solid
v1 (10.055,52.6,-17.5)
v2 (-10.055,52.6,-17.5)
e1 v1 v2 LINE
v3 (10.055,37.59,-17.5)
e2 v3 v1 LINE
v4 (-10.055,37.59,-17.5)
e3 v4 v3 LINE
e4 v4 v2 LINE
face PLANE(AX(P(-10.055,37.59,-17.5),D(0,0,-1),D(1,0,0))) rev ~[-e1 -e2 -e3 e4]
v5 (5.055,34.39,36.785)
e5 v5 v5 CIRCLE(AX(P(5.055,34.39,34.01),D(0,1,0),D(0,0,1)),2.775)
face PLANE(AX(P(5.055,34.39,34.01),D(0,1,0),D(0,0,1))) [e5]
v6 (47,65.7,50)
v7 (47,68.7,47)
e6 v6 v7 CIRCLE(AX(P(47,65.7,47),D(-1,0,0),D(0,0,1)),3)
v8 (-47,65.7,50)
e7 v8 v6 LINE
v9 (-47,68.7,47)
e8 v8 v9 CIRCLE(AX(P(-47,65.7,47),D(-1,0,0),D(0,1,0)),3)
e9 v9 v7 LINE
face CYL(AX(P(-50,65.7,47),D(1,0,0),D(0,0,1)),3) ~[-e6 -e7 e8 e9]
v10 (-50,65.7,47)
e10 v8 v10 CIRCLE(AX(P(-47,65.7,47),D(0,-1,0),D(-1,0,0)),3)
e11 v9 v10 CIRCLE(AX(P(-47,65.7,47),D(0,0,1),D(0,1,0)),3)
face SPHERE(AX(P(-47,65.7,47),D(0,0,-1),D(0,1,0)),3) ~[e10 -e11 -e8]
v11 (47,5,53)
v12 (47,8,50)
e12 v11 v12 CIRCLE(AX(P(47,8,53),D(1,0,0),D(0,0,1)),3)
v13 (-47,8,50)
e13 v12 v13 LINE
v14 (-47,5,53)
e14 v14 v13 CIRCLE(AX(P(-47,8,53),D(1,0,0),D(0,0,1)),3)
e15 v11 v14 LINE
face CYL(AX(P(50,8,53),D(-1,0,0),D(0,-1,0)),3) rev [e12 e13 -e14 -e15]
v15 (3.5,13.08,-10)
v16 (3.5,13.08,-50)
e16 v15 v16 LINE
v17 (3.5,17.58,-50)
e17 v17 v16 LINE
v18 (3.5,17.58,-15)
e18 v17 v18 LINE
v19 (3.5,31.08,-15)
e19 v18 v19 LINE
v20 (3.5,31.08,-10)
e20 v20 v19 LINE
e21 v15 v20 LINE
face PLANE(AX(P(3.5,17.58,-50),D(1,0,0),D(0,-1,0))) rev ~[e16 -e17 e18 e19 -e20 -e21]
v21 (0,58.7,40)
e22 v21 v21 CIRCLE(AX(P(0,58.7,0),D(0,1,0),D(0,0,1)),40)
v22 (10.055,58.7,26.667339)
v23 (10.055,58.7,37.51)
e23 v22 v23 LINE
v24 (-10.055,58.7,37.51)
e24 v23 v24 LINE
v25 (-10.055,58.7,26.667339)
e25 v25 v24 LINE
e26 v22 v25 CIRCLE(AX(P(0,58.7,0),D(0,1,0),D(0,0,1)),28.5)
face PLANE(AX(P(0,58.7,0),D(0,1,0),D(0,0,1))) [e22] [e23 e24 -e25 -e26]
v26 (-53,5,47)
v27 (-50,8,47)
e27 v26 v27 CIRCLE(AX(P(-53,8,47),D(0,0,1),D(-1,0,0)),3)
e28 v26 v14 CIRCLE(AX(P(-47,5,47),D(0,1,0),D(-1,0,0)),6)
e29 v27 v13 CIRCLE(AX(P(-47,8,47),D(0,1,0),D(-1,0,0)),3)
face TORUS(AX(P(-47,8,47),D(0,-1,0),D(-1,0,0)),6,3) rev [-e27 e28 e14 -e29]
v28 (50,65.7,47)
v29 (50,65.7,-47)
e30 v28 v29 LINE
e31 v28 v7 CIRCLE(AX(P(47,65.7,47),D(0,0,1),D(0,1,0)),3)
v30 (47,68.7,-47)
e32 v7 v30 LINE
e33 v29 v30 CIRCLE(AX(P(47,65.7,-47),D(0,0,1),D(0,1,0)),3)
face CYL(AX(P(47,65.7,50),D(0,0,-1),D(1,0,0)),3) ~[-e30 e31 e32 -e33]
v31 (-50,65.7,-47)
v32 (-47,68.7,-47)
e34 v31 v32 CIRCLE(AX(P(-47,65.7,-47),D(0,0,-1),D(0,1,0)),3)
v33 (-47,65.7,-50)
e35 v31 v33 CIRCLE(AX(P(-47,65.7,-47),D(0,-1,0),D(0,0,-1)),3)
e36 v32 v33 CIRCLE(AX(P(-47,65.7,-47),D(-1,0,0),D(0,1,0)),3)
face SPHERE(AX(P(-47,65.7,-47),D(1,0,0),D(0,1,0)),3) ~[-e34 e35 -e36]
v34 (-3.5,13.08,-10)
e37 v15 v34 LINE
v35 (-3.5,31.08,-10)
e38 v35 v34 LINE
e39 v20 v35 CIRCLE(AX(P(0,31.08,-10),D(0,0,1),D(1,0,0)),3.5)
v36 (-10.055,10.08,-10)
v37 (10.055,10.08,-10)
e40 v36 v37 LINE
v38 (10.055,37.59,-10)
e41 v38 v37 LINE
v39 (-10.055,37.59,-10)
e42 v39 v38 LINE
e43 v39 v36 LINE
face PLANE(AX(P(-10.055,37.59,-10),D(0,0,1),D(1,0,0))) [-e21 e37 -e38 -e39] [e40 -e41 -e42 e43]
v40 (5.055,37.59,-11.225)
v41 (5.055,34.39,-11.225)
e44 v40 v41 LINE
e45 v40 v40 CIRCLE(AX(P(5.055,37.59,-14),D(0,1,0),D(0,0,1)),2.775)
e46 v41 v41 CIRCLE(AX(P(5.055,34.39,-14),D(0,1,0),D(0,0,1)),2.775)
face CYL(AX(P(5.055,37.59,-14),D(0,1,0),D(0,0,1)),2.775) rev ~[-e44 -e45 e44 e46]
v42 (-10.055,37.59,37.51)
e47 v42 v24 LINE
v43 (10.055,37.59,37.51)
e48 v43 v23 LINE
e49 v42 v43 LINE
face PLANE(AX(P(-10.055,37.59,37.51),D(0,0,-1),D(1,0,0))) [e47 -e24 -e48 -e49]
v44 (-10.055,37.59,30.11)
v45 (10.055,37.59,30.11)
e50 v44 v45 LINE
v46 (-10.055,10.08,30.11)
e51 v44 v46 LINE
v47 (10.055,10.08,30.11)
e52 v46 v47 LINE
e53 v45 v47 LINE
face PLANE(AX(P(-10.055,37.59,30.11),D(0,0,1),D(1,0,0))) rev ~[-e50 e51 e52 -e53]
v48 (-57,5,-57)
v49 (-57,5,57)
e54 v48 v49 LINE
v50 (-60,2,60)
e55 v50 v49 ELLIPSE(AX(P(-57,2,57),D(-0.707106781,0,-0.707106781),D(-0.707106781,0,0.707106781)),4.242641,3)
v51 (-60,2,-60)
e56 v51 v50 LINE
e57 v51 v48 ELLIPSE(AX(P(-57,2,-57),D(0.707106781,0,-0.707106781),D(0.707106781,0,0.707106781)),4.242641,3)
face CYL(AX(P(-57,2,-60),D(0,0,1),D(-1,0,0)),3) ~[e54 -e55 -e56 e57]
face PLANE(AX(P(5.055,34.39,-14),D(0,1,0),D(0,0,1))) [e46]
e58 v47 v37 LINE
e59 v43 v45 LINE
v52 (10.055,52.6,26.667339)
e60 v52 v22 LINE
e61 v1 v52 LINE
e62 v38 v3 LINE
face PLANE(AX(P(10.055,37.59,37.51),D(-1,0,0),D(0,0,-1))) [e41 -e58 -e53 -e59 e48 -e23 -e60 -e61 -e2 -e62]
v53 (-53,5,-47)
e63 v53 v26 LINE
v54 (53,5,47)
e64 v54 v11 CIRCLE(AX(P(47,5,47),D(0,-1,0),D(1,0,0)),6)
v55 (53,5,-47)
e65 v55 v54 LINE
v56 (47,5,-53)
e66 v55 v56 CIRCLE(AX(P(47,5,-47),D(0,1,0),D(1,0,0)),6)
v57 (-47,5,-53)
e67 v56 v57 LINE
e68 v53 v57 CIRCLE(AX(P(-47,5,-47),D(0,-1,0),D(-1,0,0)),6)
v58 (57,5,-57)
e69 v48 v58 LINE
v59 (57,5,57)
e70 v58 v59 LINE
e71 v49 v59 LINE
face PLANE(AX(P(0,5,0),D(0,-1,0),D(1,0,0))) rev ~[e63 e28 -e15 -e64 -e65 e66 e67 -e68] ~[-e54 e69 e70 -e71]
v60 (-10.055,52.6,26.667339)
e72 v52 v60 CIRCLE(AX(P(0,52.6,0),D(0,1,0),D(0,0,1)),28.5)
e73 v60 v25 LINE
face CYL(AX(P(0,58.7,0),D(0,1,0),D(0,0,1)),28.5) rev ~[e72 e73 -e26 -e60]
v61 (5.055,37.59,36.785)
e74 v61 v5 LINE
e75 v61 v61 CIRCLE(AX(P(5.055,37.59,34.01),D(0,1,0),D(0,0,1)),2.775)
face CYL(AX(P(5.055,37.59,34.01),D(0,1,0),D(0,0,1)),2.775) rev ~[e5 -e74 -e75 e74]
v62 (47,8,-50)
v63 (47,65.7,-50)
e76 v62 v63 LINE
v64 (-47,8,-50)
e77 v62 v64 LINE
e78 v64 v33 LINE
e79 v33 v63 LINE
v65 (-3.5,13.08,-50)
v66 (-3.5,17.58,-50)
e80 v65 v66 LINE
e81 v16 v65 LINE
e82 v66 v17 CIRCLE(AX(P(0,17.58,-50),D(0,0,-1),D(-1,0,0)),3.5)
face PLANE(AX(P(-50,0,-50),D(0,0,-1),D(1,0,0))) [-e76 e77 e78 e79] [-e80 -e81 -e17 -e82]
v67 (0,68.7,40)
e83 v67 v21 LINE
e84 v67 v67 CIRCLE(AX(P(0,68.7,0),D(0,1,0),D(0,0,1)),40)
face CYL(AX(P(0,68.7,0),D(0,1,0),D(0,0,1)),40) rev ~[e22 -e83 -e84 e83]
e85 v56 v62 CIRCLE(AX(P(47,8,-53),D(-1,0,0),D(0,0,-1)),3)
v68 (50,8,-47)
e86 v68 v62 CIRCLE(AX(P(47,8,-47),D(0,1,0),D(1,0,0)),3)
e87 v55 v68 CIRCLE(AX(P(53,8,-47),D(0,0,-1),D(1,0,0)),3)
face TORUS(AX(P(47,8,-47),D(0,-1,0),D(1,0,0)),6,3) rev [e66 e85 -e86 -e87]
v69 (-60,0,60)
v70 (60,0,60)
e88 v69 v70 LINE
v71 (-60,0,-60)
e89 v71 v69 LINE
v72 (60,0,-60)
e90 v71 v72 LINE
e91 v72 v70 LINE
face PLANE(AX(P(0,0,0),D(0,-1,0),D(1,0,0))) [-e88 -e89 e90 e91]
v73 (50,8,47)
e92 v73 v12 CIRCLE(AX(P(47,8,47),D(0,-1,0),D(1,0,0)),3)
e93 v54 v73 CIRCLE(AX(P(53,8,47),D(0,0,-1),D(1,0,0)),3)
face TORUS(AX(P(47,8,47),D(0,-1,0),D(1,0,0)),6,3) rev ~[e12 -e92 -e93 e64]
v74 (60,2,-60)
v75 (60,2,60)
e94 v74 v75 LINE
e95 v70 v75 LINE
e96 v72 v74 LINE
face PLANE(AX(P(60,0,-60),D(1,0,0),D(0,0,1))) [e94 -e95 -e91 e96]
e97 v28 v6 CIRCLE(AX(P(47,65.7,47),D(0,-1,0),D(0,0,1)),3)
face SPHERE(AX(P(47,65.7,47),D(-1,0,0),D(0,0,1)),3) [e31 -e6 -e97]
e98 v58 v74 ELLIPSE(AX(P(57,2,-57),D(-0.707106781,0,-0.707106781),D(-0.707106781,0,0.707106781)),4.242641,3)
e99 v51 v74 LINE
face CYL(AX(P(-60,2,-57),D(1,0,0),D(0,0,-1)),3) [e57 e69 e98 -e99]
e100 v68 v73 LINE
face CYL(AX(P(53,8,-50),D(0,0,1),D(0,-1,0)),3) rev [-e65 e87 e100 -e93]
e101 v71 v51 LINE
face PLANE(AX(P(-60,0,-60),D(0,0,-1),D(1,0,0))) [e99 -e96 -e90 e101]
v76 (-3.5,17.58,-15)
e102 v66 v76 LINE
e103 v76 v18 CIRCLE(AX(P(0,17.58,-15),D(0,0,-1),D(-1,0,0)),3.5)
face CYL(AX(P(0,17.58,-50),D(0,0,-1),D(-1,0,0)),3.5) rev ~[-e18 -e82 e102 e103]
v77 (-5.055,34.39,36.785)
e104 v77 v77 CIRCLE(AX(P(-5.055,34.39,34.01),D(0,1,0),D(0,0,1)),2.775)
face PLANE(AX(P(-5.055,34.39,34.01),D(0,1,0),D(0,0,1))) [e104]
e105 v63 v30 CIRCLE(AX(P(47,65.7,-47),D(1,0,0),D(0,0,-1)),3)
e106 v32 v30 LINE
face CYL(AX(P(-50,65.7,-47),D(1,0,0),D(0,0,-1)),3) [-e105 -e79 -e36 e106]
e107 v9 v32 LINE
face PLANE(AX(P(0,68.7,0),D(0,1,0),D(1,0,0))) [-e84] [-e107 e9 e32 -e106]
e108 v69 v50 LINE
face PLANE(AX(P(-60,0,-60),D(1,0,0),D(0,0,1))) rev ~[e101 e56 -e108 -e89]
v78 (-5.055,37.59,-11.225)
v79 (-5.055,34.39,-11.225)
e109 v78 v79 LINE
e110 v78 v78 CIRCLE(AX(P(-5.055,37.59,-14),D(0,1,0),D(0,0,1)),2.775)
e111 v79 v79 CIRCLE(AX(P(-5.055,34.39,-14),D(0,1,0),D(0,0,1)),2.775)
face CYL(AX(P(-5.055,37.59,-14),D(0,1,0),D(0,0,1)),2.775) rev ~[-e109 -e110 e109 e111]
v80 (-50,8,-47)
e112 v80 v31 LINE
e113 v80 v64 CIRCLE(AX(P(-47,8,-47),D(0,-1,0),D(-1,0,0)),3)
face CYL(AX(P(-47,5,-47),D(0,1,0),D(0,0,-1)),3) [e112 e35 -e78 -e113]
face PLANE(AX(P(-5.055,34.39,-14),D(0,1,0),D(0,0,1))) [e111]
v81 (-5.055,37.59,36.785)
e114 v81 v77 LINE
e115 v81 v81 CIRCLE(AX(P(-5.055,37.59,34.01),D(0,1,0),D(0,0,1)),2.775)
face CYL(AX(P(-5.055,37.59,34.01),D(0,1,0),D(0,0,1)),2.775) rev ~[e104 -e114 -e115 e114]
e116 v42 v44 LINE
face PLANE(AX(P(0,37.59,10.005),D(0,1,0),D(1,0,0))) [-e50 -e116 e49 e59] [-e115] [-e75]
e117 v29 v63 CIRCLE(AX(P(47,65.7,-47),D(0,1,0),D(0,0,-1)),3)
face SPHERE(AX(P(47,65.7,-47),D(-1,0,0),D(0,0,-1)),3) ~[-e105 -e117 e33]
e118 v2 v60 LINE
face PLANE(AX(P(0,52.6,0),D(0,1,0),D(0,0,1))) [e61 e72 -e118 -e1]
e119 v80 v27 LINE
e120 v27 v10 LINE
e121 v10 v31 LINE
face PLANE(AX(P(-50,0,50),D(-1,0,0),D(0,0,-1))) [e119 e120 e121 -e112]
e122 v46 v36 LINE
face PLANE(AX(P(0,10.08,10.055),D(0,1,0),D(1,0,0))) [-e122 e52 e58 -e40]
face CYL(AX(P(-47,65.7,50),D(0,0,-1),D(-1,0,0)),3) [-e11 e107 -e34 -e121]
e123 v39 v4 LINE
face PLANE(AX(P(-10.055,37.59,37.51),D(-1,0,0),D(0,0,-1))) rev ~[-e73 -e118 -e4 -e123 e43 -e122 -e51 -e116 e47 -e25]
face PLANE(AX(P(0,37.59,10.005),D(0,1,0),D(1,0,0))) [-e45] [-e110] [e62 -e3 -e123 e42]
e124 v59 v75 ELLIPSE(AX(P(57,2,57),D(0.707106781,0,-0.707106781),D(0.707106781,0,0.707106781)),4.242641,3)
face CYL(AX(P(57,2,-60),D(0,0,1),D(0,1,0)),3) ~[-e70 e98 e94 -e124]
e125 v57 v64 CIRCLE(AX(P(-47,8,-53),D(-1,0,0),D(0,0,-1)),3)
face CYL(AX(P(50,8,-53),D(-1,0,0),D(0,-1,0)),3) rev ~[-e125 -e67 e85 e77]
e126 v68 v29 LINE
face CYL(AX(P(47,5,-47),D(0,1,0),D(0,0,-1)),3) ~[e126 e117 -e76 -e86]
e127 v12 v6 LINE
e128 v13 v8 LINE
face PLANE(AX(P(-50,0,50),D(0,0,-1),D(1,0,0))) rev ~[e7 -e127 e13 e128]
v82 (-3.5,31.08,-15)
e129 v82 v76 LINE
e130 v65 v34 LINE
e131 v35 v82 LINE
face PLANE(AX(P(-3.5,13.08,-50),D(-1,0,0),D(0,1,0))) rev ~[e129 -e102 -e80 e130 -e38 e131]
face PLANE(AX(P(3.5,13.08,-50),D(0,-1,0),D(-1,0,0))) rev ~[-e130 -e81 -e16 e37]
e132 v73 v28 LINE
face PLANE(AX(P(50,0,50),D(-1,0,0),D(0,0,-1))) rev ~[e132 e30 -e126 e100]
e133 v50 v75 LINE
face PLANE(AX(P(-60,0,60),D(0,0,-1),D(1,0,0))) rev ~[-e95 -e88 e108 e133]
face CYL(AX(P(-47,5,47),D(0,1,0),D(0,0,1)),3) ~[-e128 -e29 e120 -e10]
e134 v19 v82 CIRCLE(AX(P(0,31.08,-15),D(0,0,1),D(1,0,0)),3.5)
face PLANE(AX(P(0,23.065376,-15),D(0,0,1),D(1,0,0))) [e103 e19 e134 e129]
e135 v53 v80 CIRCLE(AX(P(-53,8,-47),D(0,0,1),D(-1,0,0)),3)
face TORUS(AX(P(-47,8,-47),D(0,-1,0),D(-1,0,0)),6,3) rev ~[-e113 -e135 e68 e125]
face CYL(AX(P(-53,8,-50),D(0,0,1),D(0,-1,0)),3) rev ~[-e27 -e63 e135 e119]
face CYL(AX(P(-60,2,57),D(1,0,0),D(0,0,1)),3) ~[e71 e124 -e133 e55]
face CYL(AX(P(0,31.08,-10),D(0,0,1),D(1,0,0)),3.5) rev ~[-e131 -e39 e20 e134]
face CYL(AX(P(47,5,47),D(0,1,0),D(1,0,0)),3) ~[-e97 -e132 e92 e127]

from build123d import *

# Parameters (mm, degrees)
SKETCH1_W               = 100
SKETCH1_H               = 100
BOSS_EXTRUDE1_DEPTH     = 68.7
SKETCH2_R               = 40
CUT_EXTRUDE1_DEPTH      = 10
SKETCH3_R               = 28.5
CUT_EXTRUDE2_DEPTH      = 6.1
CUT_EXTRUDE3_DEPTH      = 89.129223303
CUT_EXTRUDE3_DEPTH_BACK = 15.01
SKETCH4_W               = 20.11
SKETCH4_H               = 55.01
SKETCH5_W               = 20.11
SKETCH5_H               = 40.11
CUT_EXTRUDE4_DEPTH      = 27.51
CUT_EXTRUDE5_REACH      = 133.224
SKETCH7_R               = 2.775
CUT_EXTRUDE6_DEPTH      = 3.2
CUT_EXTRUDE7_DEPTH      = 5
SKETCH9_W               = 120
SKETCH9_H               = 120
BOSS_EXTRUDE2_DEPTH     = 5
FILLET2_R               = 3


with BuildPart() as part:
    # Sketch1 → Boss-Extrude1 (new body)
    with BuildSketch(Plane(origin=(0, 0, 0), x_dir=(1, 0, 0), z_dir=(0, 1, 0))):
        Rectangle(SKETCH1_W, SKETCH1_H)
    extrude(amount=BOSS_EXTRUDE1_DEPTH)

    # Sketch2 → Cut-Extrude1 (cut)
    with BuildSketch(Plane(origin=(0, 68.7, 0), x_dir=(1, 0, 0), z_dir=(0, 1, 0))):
        with Locations(Location((0, 0, 0), (0, 0, 270))):
            Circle(SKETCH2_R)
    extrude(amount=-CUT_EXTRUDE1_DEPTH, mode=Mode.SUBTRACT)

    # Sketch3 → Cut-Extrude2 (cut)
    with BuildSketch(Plane(origin=(0, 58.7, 0), x_dir=(1, 0, 0), z_dir=(0, 1, 0))):
        with Locations(Location((0, 0, 0), (0, 0, 270))):
            Circle(SKETCH3_R)
    extrude(amount=-CUT_EXTRUDE2_DEPTH, mode=Mode.SUBTRACT)

    # Sketch4 → Cut-Extrude3 (cut, two sides: drawn at the far end of the back side and taken through both)
    with BuildSketch(Plane(origin=(0, 52.6, 0), x_dir=(1, 0, 0), z_dir=(0, 1, 0)).offset(-CUT_EXTRUDE3_DEPTH_BACK)):
        with Locations((0, -10.005)):
            Rectangle(SKETCH4_W, SKETCH4_H)
    extrude(amount=CUT_EXTRUDE3_DEPTH + CUT_EXTRUDE3_DEPTH_BACK, mode=Mode.SUBTRACT)

    # Sketch5 → Cut-Extrude4 (cut)
    with BuildSketch(Plane(origin=(0, 37.59, 0), x_dir=(1, 0, 0), z_dir=(0, 1, 0))):
        with Locations((0, -10.055)):
            Rectangle(SKETCH5_W, SKETCH5_H)
    extrude(amount=-CUT_EXTRUDE4_DEPTH, mode=Mode.SUBTRACT)

    # Sketch6 → Cut-Extrude5 (cut, up to next)
    with BuildSketch(Plane(origin=(0, 0, -50), x_dir=(-1, 0, 0), z_dir=(0, 0, -1)), mode=Mode.PRIVATE) as cut_extrude5_sk1:
        with BuildLine():
            Line((-3.5, 13.08), (3.5, 13.08))
            Line((3.5, 13.08), (3.5, 17.58))
            ThreePointArc((3.5, 17.58), (0, 21.08), (-3.5, 17.58))
            Line((-3.5, 17.58), (-3.5, 13.08))
        make_face()
    cut_extrude5_tool1 = extrude(cut_extrude5_sk1.sketch, amount=-CUT_EXTRUDE5_REACH, mode=Mode.PRIVATE) & part.part
    add(cut_extrude5_tool1.solids().sort_by_distance((0, 16.746539, -50))[0], mode=Mode.SUBTRACT)

    # Sketch7 → Cut-Extrude6 (cut)
    with BuildSketch(Plane(origin=(0, 37.59, 0), x_dir=(1, 0, 0), z_dir=(0, 1, 0))):
        with Locations(Location((5.055, -34.01, 0), (0, 0, 270))):
            Circle(SKETCH7_R)
        with Locations(Location((-5.055, -34.01, 0), (0, 0, 270))):
            Circle(SKETCH7_R)
        with Locations(Location((-5.055, 14, 0), (0, 0, 270))):
            Circle(SKETCH7_R)
        with Locations(Location((5.055, 14, 0), (0, 0, 270))):
            Circle(SKETCH7_R)
    extrude(amount=-CUT_EXTRUDE6_DEPTH, mode=Mode.SUBTRACT)

    # Sketch8 → Cut-Extrude7 (cut)
    with BuildSketch(Plane.XY.offset(-10)):
        with BuildLine():
            Line((-3.5, 13.08), (3.5, 13.08))
            Line((3.5, 13.08), (3.5, 31.08))
            ThreePointArc((3.5, 31.08), (0, 34.58), (-3.5, 31.08))
            Line((-3.5, 31.08), (-3.5, 13.08))
        make_face()
    extrude(amount=-CUT_EXTRUDE7_DEPTH, mode=Mode.SUBTRACT)

    # Sketch9 → Boss-Extrude2 (add)
    with BuildSketch(Plane.XZ):
        Rectangle(SKETCH9_W, SKETCH9_H)
    extrude(amount=-BOSS_EXTRUDE2_DEPTH)

    # Fillet2
    fillet2_edges = [part.edges().sort_by_distance(p)[0] for p in [
        (-50, 5, 0),
        (50, 5, 0),
        (0, 5, 50),
        (60, 5, 0),
        (0, 5, -60),
        (-60, 5, 0),
        (0, 5, 60),
        (0, 5, -50),
        (0, 68.7, -50),
        (-50, 68.7, 0),
        (0, 68.7, 50),
        (-50, 36.85, 50),
        (-50, 36.85, -50),
        (50, 36.85, -50),
        (50, 36.85, 50),
        (50, 68.7, 0),
    ]]
    fillet(fillet2_edges, radius=FILLET2_R)


solid = part.part
